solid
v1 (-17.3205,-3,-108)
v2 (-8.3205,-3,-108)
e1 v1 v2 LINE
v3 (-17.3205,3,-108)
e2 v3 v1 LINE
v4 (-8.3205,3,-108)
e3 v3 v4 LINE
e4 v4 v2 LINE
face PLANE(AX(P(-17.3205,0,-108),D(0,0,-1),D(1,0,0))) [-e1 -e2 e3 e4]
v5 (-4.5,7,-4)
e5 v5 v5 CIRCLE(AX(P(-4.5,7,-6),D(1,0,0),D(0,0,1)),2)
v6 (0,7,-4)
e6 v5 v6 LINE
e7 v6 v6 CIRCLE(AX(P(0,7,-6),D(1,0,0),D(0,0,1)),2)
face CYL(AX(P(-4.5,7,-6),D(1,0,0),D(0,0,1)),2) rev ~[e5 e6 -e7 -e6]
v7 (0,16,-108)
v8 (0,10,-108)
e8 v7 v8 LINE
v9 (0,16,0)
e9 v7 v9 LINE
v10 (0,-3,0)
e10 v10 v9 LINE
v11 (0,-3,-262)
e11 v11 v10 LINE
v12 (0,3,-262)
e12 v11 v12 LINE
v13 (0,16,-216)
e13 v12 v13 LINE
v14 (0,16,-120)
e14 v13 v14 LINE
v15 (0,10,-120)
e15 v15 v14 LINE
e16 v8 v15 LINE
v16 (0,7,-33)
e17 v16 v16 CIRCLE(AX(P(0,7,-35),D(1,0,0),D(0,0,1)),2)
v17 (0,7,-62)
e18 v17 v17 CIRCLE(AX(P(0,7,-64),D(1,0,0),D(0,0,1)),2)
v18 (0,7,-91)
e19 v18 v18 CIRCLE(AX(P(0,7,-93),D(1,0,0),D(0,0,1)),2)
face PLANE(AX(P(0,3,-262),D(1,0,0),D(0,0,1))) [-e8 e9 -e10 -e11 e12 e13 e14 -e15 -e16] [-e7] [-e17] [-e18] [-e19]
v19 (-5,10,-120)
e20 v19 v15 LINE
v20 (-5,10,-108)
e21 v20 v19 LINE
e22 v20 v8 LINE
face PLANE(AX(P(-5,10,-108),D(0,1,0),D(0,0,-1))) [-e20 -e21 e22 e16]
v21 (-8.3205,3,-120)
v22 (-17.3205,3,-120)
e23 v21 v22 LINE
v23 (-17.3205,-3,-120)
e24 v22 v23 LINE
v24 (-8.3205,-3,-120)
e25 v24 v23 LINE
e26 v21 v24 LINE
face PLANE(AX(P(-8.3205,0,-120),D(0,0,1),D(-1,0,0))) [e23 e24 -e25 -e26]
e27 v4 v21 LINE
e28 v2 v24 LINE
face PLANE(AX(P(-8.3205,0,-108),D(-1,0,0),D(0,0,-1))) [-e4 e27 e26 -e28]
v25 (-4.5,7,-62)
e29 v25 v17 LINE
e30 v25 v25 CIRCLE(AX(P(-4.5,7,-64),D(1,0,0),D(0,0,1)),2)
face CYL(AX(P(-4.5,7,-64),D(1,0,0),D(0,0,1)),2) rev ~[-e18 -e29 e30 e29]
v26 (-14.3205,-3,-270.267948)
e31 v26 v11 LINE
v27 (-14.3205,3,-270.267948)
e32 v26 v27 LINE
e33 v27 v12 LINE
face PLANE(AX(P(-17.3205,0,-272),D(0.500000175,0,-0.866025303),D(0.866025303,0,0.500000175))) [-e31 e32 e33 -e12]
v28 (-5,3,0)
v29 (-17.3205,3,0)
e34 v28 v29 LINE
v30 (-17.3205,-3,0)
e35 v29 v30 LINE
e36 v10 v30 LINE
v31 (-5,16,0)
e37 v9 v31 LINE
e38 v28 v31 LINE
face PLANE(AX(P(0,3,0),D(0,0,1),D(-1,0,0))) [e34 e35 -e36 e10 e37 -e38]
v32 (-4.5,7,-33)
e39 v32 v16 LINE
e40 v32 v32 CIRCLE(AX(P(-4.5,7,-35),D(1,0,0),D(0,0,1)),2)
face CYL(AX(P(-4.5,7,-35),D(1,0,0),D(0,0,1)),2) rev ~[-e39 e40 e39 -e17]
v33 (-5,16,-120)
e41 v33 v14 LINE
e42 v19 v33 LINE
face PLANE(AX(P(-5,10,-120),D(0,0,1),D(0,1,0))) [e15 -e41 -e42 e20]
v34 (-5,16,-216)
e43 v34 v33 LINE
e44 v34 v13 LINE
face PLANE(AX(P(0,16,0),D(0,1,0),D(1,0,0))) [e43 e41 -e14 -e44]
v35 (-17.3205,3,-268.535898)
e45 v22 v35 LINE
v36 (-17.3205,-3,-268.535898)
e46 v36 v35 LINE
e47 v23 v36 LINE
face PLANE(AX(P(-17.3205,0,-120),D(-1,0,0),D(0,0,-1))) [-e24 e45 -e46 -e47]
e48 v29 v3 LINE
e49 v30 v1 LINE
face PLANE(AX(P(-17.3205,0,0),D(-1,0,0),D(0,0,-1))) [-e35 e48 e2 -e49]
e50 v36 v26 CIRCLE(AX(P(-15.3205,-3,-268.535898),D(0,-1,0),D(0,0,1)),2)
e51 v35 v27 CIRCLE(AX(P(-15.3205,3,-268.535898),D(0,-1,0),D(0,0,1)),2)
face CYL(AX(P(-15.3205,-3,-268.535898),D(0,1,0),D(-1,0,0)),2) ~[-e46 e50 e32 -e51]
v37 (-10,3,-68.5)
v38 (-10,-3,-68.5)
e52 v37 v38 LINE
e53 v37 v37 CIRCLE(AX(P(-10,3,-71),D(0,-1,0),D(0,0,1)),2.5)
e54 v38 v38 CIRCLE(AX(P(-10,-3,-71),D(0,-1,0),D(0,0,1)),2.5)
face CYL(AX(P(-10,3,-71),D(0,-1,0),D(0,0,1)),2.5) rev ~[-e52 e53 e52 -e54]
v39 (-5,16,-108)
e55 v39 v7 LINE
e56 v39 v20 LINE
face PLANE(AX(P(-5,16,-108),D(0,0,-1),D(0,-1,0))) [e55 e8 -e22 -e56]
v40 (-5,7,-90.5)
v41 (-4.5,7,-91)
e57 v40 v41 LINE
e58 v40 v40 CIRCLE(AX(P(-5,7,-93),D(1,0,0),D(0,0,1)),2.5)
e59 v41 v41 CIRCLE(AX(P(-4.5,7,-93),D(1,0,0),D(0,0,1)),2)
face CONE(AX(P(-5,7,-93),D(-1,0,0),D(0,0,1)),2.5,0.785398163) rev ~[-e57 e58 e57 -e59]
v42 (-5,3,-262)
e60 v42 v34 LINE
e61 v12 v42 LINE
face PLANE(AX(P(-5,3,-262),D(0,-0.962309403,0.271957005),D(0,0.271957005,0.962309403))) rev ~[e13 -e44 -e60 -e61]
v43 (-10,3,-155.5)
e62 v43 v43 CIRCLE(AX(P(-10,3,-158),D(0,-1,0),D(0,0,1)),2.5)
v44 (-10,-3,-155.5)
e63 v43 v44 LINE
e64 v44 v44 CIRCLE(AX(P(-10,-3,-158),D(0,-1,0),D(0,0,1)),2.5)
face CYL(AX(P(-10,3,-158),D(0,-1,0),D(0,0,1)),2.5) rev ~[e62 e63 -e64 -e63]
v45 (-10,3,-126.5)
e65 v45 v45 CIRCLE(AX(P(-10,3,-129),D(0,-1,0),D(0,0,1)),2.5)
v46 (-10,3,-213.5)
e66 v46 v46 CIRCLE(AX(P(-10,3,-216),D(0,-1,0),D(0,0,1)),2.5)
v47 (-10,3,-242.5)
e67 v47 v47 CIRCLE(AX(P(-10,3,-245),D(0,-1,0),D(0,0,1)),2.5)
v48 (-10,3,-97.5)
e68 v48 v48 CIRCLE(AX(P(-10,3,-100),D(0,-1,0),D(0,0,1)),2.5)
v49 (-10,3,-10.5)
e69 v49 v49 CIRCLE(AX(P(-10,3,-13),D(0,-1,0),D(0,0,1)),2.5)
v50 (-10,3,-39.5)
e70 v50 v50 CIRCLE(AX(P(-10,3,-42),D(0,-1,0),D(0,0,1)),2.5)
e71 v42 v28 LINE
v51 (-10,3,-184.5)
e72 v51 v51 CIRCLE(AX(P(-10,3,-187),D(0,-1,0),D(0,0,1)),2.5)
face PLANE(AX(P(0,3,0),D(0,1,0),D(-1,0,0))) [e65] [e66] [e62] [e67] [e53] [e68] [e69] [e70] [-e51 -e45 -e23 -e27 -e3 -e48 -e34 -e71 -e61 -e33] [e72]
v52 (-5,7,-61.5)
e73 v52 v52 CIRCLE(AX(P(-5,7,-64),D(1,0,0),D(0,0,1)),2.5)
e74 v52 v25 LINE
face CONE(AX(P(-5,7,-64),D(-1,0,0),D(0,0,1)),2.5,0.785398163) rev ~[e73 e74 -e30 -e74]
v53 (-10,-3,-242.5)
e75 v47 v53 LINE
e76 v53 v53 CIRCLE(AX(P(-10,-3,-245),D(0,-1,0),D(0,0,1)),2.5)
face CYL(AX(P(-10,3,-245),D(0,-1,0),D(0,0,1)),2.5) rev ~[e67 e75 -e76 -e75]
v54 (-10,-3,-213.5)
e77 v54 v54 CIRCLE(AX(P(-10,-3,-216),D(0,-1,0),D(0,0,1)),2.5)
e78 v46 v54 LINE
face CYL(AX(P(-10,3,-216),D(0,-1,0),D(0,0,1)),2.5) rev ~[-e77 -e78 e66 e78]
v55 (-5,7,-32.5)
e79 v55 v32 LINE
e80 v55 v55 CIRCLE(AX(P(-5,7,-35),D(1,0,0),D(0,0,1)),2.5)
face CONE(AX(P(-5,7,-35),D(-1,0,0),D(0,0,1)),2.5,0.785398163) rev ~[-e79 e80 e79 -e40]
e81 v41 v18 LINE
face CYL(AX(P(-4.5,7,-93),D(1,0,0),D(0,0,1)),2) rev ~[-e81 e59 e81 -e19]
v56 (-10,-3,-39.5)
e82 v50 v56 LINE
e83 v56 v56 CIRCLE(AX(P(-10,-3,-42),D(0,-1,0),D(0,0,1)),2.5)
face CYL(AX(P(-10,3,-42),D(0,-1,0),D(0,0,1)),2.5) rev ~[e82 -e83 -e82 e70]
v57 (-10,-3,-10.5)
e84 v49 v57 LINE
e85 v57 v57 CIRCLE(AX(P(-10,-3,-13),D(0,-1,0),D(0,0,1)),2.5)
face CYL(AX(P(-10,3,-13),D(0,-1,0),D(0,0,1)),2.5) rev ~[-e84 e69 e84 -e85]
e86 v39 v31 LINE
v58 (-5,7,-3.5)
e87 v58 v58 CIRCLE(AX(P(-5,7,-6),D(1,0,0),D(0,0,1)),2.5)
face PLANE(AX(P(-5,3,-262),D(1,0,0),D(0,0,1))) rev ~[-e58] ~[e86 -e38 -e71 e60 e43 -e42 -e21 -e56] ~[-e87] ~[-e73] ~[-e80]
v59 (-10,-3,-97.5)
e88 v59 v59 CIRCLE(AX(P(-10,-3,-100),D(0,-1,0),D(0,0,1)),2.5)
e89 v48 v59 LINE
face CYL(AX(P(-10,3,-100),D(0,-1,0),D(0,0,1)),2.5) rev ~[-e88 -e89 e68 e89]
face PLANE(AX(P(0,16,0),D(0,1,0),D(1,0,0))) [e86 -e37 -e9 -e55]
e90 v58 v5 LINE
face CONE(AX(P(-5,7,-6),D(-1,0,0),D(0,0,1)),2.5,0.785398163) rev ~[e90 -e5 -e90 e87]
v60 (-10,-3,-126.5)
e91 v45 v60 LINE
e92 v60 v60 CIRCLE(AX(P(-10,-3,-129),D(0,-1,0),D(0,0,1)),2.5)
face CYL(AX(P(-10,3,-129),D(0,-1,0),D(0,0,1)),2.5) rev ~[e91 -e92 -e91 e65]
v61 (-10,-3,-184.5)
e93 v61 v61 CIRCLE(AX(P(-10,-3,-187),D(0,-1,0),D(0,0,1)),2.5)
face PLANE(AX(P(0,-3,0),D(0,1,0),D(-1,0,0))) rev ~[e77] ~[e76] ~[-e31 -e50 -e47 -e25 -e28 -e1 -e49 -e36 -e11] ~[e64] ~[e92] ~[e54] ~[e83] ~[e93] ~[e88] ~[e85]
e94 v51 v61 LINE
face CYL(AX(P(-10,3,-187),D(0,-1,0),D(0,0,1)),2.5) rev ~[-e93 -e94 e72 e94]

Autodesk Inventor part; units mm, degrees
ref_plane "YZ Plane" through (0, 0, 0) normal (1, 0, 0) x (0, 1, 0)
ref_plane "XZ Plane" through (0, 0, 0) normal (0, 1, 0) x (-1, 0, 0)
ref_plane "XY Plane" through (0, 0, 0) normal (0, 0, 1) x (1, 0, 0)
sketch "Sketch1" plane through (0, 0, 0) normal (0, 1, 0) x (-1, 0, 0)
  line L0 (0, 0) -> (17.3205, 0)
  line L1 (0, -262) -> (0, 0)
  line L2 (17.3205, -272) -> (0, -262)
  line L3 (17.3205, -108) -> (8.3205, -108)
  line L4 (8.3205, -108) -> (8.3205, -120)
  line L5 (8.3205, -120) -> (17.3205, -120)
  line L6 (17.3205, 0) -> (17.3205, -108)
  line L7 (17.3205, -120) -> (17.3205, -272)
  dimension "d0" = 272
  dimension "d1" = 60
  dimension "d2" = 12
  dimension "d3" = 9
  dimension "d4" = 108
  dimension "d6" = 262
extrude "Extrusion1" add sketch "Sketch1" along normal mid plane 6
sketch "Sketch2" plane through (0, 3, 0) normal (0, 1, 0) x (1, 0, 0)
  line L0 (0, 0) -> (0, 262) projected
  point P0 (-10, 13)
  point P1 (-10, 42)
  point P2 (-10, 71)
  point P3 (-10, 100)
  point P4 (-10, 129)
  point P5 (-10, 158)
  point P6 (-10, 187)
  point P7 (-10, 216)
  point P8 (-10, 245)
  dimension "d9" = 10
  dimension "d10" = 17
  dimension "d11" = 13
  dimension "d12" = 29
  dimension "d13" = 29
  dimension "d14" = 29
  dimension "d15" = 29
  dimension "d16" = 29
  dimension "d17" = 29
  dimension "d18" = 29
  dimension "d19" = 29
hole "Hole1" at (-10, 3, -13) at (-10, 3, -42) at (-10, 3, -71) at (-10, 3, -100) at (-10, 3, -129) at (-10, 3, -158) at (-10, 3, -187) at (-10, 3, -216) at (-10, 3, -245) direction (0, -1, 0) diameter 5 depth 6
sketch "Sketch3" plane through (0, 3, 0) normal (0, 1, 0) x (1, 0, 0)
  line L0 (0, 0) -> (-17.3205, 0) projected
  line L1 (0, 262) -> (0, 0) projected
  line L2 (-5, 0) -> (0, 0)
  line L3 (0, 0) -> (0, 262)
  line L4 (0, 262) -> (-5, 262)
  line L5 (-5, 262) -> (-5, 0)
  dimension "d27" = 5
extrude "Extrusion2" add sketch "Sketch3" along normal blind 13
sketch "Sketch4" plane through (-5, 3, -262) normal (-1, 0, 0) x (0, 0, 1)
  line L0 (0, 13) -> (262, 13) projected
  line L1 (154, 13) -> (154, 7)
  line L2 (154, 7) -> (142, 7)
  line L3 (142, 7) -> (142, 13)
  line L4 (262, 0) -> (262, 13) projected
  point P0 (262, -3)
  dimension "d30" = 12
  dimension "d31" = 6
  dimension "d32" = 108
extrude "Extrusion3" cut sketch "Sketch4" against normal blind 5
sketch "Sketch5" plane through (-5, 3, -262) normal (-1, 0, 0) x (0, 0, 1)
  line L0 (262, 0) -> (262, 13) projected
  line L1 (154, 13) -> (154, 7) projected
  line L2 (262, -6) -> (154, -6) projected
  point P0 (262, -3)
  point P1 (256, 4)
  point P2 (227, 4)
  point P3 (198, 4)
  point P4 (169, 4)
  point P5 (262, 6.5)
  dimension "d35" = 6
  dimension "d36" = 15
  dimension "d37" = 29
  dimension "d38" = 29
  dimension "d39" = 29
  dimension "d40" = 10
hole "Hole2" at (-5, 7, -6) at (-5, 7, -35) at (-5, 7, -64) at (-5, 7, -93) direction (1, 0, 0) diameter 4 depth 5 countersink diameter 5 countersink angle 90
sketch "Sketch6" plane through (-5, 3, -262) normal (-1, 0, 0) x (0, 0, 1)
  circle A0 centre (169, 4) radius 2.5 projected
  circle A1 centre (198, 4) radius 2.5 projected
  circle A2 centre (227, 4) radius 2.5 projected
  circle A3 centre (256, 4) radius 2.5 projected
  line L0 (154, 13) -> (154, 7) projected
  line L1 (154, 7) -> (142, 7) projected
  line L2 (142, 7) -> (142, 13) projected
  line L3 (0, 13) -> (142, 13) projected
  line L4 (0, 0) -> (0, 13) projected
  line L5 (262, 0) -> (0, 0) projected
  line L6 (262, 0) -> (262, 13) projected
  line L7 (154, 13) -> (262, 13) projected
  line L8 (0, 0) -> (46, 13)
  point P0 (262, -3)
  dimension "d48" = 96
extrude "Extrusion4" cut sketch "Sketch6" against normal up to surface (5 mm away) contours L4 L3 L8
fillet "Fillet1" radius 2 1 edges at (-17.3205, 0, -272)
equation "\"d13\" = d12"
equation "\"d14\" = d12"
equation "\"d15\" = d12"
equation "\"d16\" = d12"
equation "\"d17\" = d12"
equation "\"d18\" = d12"
equation "\"d38\" = d37"
properties part number "1013"
